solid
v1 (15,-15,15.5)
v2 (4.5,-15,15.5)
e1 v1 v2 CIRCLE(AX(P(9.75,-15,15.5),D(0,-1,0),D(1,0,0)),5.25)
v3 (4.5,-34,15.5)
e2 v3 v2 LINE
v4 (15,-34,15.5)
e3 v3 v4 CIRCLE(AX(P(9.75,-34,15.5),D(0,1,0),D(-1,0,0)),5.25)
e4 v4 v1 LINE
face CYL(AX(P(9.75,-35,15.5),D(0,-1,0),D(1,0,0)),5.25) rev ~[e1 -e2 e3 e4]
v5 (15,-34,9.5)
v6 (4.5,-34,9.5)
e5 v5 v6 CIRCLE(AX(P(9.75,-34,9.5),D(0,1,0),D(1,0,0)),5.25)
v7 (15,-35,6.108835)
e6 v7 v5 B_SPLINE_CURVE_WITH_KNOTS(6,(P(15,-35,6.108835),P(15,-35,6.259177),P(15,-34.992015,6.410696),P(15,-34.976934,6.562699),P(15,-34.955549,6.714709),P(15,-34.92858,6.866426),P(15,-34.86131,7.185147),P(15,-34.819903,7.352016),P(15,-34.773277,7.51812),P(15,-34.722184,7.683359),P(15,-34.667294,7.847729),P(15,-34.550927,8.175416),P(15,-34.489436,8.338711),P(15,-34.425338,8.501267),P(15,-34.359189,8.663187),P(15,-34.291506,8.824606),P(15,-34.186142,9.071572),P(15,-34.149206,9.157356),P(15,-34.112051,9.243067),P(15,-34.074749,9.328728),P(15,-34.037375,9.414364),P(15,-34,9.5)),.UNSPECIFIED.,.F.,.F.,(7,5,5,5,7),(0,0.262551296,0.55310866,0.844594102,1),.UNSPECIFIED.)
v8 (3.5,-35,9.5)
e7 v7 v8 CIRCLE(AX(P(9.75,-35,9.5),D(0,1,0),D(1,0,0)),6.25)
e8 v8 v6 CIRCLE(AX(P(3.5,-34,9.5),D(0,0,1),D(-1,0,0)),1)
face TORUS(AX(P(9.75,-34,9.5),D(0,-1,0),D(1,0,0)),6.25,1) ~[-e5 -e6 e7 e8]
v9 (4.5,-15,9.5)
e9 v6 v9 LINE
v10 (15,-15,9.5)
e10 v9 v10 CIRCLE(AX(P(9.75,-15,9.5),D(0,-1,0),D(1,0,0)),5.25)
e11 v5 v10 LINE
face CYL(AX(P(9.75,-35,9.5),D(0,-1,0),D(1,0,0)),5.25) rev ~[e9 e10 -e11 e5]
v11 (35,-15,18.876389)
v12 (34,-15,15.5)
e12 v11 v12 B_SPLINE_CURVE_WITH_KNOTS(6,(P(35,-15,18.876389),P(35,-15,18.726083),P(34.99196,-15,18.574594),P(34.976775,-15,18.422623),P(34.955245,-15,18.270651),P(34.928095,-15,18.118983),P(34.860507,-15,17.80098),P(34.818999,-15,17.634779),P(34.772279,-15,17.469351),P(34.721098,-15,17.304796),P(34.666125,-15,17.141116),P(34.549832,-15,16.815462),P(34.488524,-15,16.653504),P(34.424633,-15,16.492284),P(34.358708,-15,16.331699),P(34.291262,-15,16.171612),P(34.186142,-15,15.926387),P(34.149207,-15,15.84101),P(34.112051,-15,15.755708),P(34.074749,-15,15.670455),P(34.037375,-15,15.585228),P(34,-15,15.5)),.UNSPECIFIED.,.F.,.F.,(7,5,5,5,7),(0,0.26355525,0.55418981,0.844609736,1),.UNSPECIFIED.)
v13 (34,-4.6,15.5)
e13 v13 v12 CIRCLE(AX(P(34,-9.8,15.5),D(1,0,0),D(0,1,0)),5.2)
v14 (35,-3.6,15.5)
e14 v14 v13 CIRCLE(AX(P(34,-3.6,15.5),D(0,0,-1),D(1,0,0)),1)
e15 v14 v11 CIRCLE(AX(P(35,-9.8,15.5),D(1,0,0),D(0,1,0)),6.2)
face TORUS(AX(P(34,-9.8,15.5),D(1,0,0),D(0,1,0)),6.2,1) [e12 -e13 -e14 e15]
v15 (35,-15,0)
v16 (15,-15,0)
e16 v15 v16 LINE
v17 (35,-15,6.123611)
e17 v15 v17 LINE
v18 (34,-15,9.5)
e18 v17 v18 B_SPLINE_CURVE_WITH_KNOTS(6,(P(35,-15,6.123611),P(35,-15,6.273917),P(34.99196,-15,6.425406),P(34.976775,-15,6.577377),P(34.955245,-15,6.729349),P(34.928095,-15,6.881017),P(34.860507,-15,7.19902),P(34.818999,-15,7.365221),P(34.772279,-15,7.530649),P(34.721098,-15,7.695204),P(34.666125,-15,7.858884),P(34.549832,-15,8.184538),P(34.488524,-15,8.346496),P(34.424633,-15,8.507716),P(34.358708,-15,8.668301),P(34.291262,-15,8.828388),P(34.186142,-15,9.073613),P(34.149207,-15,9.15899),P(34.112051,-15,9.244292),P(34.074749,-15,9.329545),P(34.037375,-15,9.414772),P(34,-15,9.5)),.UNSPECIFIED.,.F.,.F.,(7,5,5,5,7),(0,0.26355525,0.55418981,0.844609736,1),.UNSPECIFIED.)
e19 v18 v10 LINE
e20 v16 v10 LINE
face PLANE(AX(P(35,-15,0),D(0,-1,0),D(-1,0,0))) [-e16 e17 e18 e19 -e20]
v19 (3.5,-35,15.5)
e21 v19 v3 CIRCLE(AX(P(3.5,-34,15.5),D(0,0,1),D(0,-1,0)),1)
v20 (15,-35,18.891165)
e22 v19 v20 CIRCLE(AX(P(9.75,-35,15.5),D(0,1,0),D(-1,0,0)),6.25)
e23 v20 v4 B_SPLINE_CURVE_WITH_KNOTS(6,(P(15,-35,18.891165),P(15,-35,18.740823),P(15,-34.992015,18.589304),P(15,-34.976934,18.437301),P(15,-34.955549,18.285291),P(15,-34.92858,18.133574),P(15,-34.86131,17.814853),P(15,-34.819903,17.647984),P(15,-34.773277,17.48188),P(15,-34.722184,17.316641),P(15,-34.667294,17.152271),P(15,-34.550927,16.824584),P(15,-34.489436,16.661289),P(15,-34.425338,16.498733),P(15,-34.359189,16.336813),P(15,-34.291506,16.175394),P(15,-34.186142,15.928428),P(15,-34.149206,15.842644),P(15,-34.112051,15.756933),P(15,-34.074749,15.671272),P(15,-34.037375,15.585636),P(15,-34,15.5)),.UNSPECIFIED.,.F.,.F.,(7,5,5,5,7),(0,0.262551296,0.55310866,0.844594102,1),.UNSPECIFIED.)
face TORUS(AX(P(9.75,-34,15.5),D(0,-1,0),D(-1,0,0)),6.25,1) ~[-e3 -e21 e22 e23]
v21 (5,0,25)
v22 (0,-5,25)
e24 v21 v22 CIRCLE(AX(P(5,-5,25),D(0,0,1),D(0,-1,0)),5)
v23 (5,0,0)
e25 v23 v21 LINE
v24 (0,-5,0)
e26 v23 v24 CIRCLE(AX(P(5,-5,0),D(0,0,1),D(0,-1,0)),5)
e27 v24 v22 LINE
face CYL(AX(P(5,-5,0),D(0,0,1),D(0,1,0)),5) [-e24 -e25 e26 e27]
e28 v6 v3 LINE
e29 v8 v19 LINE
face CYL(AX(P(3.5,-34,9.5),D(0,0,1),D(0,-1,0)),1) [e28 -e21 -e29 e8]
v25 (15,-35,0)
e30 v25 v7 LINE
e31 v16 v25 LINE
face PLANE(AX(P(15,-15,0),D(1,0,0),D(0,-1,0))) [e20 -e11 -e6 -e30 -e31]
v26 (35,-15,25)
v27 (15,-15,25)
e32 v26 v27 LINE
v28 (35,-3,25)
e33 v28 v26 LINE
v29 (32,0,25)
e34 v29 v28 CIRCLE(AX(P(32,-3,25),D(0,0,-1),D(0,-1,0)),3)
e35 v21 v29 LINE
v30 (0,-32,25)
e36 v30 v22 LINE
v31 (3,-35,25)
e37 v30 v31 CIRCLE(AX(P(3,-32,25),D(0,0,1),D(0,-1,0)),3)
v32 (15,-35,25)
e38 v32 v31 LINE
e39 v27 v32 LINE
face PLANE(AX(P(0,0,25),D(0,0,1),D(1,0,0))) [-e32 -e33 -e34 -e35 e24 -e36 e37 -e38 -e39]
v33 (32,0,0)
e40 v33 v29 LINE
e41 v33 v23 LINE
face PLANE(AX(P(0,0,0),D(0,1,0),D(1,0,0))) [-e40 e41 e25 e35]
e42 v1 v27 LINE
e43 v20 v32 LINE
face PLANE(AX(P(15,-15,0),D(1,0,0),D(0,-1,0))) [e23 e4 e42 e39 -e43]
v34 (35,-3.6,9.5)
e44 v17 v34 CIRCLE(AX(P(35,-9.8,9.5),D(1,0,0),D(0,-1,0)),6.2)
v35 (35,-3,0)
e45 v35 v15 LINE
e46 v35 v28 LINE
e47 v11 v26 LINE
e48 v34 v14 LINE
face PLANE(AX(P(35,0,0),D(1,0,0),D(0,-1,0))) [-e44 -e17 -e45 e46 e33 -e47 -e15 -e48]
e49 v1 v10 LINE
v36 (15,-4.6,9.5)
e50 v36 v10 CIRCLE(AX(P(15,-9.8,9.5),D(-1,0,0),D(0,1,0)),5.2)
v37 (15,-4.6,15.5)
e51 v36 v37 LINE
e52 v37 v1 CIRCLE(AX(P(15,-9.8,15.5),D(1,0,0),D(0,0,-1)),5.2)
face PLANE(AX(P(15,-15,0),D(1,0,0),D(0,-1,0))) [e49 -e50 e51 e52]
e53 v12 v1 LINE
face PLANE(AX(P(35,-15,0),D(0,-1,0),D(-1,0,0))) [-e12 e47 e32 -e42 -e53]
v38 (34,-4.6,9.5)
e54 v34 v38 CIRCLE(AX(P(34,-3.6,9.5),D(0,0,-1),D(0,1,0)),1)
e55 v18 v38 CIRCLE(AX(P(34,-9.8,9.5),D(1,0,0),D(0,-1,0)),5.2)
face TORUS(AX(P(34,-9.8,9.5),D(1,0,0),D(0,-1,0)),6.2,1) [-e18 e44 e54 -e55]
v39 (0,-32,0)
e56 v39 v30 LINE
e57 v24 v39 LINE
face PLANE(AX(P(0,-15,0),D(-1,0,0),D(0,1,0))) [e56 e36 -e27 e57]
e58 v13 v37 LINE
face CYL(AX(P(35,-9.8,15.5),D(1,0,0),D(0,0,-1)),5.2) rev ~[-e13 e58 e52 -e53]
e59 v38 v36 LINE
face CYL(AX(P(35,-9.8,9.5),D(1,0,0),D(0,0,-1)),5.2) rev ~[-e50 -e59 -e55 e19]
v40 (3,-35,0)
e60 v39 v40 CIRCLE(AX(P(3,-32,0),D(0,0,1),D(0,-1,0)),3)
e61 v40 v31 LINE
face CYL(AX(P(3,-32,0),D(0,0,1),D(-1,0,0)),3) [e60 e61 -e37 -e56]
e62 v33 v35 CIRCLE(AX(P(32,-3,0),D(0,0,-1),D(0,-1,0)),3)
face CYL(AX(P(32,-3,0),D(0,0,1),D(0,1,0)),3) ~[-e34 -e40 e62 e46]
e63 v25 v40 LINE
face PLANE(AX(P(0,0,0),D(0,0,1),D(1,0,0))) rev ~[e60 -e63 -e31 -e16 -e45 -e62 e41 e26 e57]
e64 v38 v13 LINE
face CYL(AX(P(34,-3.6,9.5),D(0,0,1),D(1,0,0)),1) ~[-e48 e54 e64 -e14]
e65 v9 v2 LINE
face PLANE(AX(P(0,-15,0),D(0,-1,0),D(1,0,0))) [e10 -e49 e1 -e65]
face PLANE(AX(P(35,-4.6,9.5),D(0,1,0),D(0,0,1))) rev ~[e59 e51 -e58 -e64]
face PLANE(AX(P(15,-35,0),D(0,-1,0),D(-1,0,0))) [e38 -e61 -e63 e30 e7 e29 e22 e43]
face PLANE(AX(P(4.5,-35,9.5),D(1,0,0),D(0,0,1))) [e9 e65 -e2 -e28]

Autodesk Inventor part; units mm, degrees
ref_plane "YZ Plane" through (0, 0, 0) normal (1, 0, 0) x (0, 1, 0)
ref_plane "XZ Plane" through (0, 0, 0) normal (0, 1, 0) x (-1, 0, 0)
ref_plane "XY Plane" through (0, 0, 0) normal (0, 0, 1) x (1, 0, 0)
sketch "Sketch1" plane through (0, 0, 0) normal (0, 0, 1) x (1, 0, 0)
  line L0 (0, 0) -> (15, 0)
  line L1 (15, 0) -> (15, -35)
  line L2 (15, -35) -> (0, -35)
  line L3 (0, -35) -> (0, 0)
  line L4 (0, 0) -> (35, 0)
  line L5 (35, 0) -> (35, -15)
  line L6 (35, -15) -> (0, -15)
  line L7 (0, -15) -> (0, 0)
  dimension "d0" = 15
  dimension "d1" = 35
  dimension "d2" = 35
  dimension "d3" = 15
extrude "Extrusion1" add sketch "Sketch1" along normal blind 25
sketch "Sketch15" plane through (35, -15, 0) normal (1, 0, 0) x (0, 0, -1)
  line L0 (0, 0) -> (-25, 0) construction
  line L1 (0, 0) -> (0, 15) construction
  line L2 (-25, 0) -> (0, 0) construction
  line L3 (0, 0) -> (0, 10.4) construction
  line L4 (0, 10.4) -> (-25, 10.4) construction
  line L5 (-25, 10.4) -> (-25, 0) construction
  line L6 (-20.7, 0) -> (-4.3, 0) construction
  line L7 (-4.3, 0) -> (-4.3, 10.4) construction
  line L8 (-4.3, 10.4) -> (-20.7, 10.4) construction
  line L9 (-20.7, 10.4) -> (-20.7, 0) construction
  line L10 (-20.7, 0) -> (-4.3, 10.4) construction
  line L11 (-4.3, 0) -> (-20.7, 10.4) construction
  circle A0 centre (-15.5, 5.2) radius 5.2
  circle A1 centre (-9.5, 5.2) radius 5.2
  line L12 (-15.5, 0) -> (-9.5, 0)
  line L13 (-9.5, 0) -> (-9.5, 10.4)
  line L14 (-9.5, 10.4) -> (-15.5, 10.4)
  line L15 (-15.5, 10.4) -> (-15.5, 0)
  line L16 (-15.5, 0) -> (-9.5, 10.4) construction
  line L17 (-9.5, 0) -> (-15.5, 10.4) construction
  point P0 (-12.5, 5.2)
  dimension "d58" = 10.4
  dimension "d59" = 16.4
  dimension "d60" = 10.4
extrude "Extrusion9" cut sketch "Sketch15" against normal blind 20
sketch "Sketch16" plane through (0, -35, 0) normal (0, -1, 0) x (1, 0, 0)
  line L0 (15, 25) -> (15, 15.5) construction
  line L1 (35, 0) -> (0, 0) construction
  line L2 (15, 25) -> (4.5, 25) construction
  line L3 (4.5, 25) -> (4.5, 0) construction
  line L4 (4.5, 0) -> (15, 0) construction
  line L5 (15, 0) -> (15, 25) construction
  line L6 (4.5, 20.75) -> (15, 20.75) construction
  line L7 (15, 20.75) -> (15, 4.25) construction
  line L8 (15, 4.25) -> (4.5, 4.25) construction
  line L9 (4.5, 4.25) -> (4.5, 20.75) construction
  line L10 (4.5, 20.75) -> (15, 4.25) construction
  line L11 (15, 20.75) -> (4.5, 4.25) construction
  circle A0 centre (9.75, 15.5) radius 5.25
  circle A1 centre (9.75, 9.5) radius 5.25
  line L12 (15, 15.5) -> (15, 9.5) projected
  line L13 (4.5, 15.5) -> (15, 15.5)
  line L14 (15, 15.5) -> (15, 9.5)
  line L15 (15, 9.5) -> (4.5, 9.5)
  line L16 (4.5, 9.5) -> (4.5, 15.5)
  line L17 (4.5, 15.5) -> (15, 9.5) construction
  line L18 (15, 15.5) -> (4.5, 9.5) construction
  point P0 (9.75, 12.5)
  dimension "d63" = 10.5
  dimension "d64" = 10.5
  dimension "d65" = 16.5
extrude "Extrusion10" cut sketch "Sketch16" against normal blind 20
fillet "Fillet10" radius 1 6 edges at (4.5, -35, 12.5) (9.75, -35, 4.25) (9.75, -35, 20.75) (35, -4.6, 12.5) (35, -9.8, 4.3) (35, -9.8, 20.7)
fillet "Fillet11" radius 5 1 edges at (0, 0, 12.5)
fillet "Fillet12" radius 3 2 edges at (0, -35, 12.5) (35, 0, 12.5)
properties part number "Gate Corner V5"
